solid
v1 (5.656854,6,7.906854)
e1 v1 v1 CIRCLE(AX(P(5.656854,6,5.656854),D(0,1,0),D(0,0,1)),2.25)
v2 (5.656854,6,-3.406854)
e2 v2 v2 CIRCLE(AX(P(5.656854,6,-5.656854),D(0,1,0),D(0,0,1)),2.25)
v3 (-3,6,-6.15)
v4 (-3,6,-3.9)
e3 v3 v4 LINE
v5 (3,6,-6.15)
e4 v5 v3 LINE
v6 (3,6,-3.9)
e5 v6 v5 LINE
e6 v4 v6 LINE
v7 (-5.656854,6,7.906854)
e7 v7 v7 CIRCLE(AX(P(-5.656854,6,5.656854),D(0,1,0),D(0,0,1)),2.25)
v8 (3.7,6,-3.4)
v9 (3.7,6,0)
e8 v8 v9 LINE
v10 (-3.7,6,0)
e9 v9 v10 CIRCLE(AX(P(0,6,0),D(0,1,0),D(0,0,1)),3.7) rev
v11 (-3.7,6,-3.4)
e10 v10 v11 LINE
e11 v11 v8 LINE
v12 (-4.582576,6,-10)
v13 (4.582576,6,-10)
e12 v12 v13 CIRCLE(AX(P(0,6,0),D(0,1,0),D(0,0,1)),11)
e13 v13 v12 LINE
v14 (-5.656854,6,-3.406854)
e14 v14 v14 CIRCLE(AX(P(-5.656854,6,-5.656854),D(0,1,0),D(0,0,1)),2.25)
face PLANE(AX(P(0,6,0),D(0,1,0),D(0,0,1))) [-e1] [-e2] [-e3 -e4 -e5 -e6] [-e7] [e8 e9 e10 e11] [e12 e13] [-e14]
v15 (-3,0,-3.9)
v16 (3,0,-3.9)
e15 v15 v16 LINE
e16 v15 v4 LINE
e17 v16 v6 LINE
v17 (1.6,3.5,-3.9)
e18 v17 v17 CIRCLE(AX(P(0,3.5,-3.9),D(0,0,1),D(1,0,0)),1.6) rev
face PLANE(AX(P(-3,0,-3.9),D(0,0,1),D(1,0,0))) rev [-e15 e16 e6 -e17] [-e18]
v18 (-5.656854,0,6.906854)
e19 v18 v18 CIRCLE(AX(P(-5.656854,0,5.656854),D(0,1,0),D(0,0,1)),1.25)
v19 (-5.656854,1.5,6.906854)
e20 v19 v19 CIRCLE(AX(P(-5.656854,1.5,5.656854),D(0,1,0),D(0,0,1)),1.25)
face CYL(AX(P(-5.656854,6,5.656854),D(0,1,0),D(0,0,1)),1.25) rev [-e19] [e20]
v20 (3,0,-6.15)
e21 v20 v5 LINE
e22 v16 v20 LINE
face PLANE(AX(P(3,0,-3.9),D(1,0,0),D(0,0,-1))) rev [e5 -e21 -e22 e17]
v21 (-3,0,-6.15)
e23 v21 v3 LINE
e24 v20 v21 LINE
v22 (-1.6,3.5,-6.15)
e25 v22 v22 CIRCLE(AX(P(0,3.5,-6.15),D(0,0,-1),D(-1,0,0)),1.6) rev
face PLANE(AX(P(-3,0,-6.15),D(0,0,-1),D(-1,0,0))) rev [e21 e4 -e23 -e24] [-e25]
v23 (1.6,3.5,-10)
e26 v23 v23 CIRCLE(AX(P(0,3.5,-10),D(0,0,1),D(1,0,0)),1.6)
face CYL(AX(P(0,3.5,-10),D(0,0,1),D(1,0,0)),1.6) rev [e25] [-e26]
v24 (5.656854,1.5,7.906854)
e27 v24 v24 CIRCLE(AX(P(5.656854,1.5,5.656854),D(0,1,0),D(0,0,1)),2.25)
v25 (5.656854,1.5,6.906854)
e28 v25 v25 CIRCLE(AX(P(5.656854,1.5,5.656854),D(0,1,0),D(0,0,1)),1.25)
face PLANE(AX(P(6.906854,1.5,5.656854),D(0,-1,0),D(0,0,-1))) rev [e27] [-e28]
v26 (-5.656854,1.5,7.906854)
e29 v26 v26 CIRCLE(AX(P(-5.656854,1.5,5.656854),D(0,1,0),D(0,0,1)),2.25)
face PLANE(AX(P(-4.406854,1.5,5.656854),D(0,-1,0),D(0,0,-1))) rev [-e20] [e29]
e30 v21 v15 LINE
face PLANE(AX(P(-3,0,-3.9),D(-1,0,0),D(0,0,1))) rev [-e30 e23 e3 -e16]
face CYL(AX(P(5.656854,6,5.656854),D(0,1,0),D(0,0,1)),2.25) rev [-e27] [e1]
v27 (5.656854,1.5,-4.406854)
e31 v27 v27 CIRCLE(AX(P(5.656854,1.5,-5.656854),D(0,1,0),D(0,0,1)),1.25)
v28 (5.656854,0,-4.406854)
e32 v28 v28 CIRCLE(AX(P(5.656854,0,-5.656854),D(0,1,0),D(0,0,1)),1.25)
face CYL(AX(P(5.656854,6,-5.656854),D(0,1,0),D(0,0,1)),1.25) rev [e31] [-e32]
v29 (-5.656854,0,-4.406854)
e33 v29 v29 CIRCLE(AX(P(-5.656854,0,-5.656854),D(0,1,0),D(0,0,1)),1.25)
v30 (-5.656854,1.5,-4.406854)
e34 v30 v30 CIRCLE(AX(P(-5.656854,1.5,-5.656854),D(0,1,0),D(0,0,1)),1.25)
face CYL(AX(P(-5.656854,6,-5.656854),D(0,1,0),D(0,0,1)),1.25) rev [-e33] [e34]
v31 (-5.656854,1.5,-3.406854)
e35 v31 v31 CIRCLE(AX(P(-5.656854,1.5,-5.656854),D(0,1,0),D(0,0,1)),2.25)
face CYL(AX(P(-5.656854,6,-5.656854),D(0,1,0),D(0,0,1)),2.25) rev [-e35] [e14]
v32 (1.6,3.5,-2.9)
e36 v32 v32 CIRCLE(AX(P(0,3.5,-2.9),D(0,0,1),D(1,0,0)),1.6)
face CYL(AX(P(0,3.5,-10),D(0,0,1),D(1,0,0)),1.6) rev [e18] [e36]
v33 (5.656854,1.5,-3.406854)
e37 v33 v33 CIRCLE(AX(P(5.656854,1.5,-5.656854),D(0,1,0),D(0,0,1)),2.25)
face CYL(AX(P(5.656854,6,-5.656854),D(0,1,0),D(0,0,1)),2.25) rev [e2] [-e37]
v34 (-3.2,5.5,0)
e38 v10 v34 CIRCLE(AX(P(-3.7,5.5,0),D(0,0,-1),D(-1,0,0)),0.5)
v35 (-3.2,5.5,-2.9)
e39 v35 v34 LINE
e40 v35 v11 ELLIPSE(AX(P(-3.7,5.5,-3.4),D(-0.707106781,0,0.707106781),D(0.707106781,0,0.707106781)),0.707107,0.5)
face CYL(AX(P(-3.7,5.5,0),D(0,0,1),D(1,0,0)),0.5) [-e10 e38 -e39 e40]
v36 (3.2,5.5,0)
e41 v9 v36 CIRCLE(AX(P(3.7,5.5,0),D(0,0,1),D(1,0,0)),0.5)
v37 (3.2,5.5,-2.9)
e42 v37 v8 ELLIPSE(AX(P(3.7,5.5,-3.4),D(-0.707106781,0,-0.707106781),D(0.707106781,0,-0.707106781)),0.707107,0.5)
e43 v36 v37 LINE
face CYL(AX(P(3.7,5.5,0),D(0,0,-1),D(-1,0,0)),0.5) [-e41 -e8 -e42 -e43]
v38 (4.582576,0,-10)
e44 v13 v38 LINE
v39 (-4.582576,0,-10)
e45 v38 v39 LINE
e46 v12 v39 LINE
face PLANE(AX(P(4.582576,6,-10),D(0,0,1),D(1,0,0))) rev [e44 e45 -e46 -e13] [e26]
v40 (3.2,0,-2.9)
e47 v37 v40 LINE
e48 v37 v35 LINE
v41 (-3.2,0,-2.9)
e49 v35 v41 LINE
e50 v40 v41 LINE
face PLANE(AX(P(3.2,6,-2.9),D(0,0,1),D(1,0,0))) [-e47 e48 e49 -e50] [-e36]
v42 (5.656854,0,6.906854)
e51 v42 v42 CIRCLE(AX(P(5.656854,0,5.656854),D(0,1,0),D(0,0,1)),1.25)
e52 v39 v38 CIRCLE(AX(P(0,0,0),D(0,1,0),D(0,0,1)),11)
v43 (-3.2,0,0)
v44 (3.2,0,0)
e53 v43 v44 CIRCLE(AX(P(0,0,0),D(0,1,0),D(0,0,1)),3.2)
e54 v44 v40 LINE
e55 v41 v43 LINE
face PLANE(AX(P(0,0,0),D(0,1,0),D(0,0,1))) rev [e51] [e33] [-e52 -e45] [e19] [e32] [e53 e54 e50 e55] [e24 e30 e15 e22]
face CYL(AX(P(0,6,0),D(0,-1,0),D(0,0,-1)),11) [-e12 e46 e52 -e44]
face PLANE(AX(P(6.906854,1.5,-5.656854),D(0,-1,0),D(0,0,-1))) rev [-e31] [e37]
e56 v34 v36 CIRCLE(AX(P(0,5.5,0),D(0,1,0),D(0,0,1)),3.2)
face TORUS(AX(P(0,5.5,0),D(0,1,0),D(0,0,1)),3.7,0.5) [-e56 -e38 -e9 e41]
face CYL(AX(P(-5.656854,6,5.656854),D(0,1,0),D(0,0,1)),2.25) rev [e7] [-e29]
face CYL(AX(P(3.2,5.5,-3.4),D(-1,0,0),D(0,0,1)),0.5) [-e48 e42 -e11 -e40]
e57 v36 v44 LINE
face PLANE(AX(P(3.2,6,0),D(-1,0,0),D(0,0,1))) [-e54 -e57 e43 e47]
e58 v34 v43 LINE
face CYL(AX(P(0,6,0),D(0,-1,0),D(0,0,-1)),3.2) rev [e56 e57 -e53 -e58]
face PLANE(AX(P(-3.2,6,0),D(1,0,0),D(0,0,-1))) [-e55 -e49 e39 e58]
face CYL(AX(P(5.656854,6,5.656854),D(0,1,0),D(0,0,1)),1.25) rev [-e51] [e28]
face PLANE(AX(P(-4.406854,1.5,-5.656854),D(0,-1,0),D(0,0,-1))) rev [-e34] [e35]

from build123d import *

# Parameters (mm, degrees)
BOSS_EXTRU_1_DEPTH                              = 6
CHAMBRAGE_POUR_VIS_T_TE_CYLINDRIQUE_D           = 2.5
CHAMBRAGE_POUR_VIS_T_TE_CYLINDRIQUE_CBORE_D     = 4.5
CHAMBRAGE_POUR_VIS_T_TE_CYLINDRIQUE_CBORE_DEPTH = 4.5
CONG_1_R                                        = 0.5
ESQUISSE6_R                                     = 1.6
ENL_V_MAT_EXTRU_1_DEPTH                         = 17.673332037
ESQUISSE7_W                                     = 6
ESQUISSE7_H                                     = 2.25
ENL_V_MAT_EXTRU_2_DEPTH                         = 17.673332001


with BuildPart() as part:
    # Esquisse1 → Boss.-Extru.1 (new body)
    with BuildSketch(Plane(origin=(0, 0, 0), x_dir=(1, 0, 0), z_dir=(0, 1, 0))):
        with BuildLine():
            Line((4.582575695, 10), (-4.582575695, 10))
            ThreePointArc((-4.582575695, 10), (0, -11), (4.582575695, 10))
        make_face()
        with BuildLine():
            Line((-3.2, 0), (-3.2, 2.9))
            Line((-3.2, 2.9), (3.2, 2.9))
            Line((3.2, 2.9), (3.2, 0))
            ThreePointArc((3.2, 0), (0, -3.2), (-3.2, 0))
        make_face(mode=Mode.SUBTRACT)
    extrude(amount=BOSS_EXTRU_1_DEPTH)

    # Chambrage pour vis à tête cylindrique à 6 pans creux (ou vis CHC) M21 (through all)
    with Locations(Plane(origin=(0, 6, 0), x_dir=(1, 0, 0), z_dir=(0, 1, 0))):
        with Locations((5.656854249, 5.656854249), (5.656854249, -5.656854249), (-5.656854249, -5.656854249), (-5.656854249, 5.656854249), (0, 0)):
            CounterBoreHole(CHAMBRAGE_POUR_VIS_T_TE_CYLINDRIQUE_D / 2, CHAMBRAGE_POUR_VIS_T_TE_CYLINDRIQUE_CBORE_D / 2, CHAMBRAGE_POUR_VIS_T_TE_CYLINDRIQUE_CBORE_DEPTH)

    # Congé1
    cong_1_edges = [part.edges().sort_by_distance(p)[0] for p in [
        (0, 6, 3.2),
        (3.2, 6, -1.45),
        (0, 6, -2.9),
        (-3.2, 6, -1.45),
    ]]
    fillet(cong_1_edges, radius=CONG_1_R)

    # Esquisse6 → Enlèv. mat.-Extru.1 (cut, through all)
    with BuildSketch(Plane.XY):
        with Locations((0, 3.5)):
            Circle(ESQUISSE6_R)
    extrude(amount=-ENL_V_MAT_EXTRU_1_DEPTH, mode=Mode.SUBTRACT)

    # Esquisse7 → Enlèv. mat.-Extru.2 (cut, through all)
    with BuildSketch(Plane(origin=(0, 6, 0), x_dir=(1, 0, 0), z_dir=(0, 1, 0))):
        with Locations((0, 5.025)):
            Rectangle(ESQUISSE7_W, ESQUISSE7_H)
    extrude(amount=-ENL_V_MAT_EXTRU_2_DEPTH, mode=Mode.SUBTRACT)


solid = part.part
